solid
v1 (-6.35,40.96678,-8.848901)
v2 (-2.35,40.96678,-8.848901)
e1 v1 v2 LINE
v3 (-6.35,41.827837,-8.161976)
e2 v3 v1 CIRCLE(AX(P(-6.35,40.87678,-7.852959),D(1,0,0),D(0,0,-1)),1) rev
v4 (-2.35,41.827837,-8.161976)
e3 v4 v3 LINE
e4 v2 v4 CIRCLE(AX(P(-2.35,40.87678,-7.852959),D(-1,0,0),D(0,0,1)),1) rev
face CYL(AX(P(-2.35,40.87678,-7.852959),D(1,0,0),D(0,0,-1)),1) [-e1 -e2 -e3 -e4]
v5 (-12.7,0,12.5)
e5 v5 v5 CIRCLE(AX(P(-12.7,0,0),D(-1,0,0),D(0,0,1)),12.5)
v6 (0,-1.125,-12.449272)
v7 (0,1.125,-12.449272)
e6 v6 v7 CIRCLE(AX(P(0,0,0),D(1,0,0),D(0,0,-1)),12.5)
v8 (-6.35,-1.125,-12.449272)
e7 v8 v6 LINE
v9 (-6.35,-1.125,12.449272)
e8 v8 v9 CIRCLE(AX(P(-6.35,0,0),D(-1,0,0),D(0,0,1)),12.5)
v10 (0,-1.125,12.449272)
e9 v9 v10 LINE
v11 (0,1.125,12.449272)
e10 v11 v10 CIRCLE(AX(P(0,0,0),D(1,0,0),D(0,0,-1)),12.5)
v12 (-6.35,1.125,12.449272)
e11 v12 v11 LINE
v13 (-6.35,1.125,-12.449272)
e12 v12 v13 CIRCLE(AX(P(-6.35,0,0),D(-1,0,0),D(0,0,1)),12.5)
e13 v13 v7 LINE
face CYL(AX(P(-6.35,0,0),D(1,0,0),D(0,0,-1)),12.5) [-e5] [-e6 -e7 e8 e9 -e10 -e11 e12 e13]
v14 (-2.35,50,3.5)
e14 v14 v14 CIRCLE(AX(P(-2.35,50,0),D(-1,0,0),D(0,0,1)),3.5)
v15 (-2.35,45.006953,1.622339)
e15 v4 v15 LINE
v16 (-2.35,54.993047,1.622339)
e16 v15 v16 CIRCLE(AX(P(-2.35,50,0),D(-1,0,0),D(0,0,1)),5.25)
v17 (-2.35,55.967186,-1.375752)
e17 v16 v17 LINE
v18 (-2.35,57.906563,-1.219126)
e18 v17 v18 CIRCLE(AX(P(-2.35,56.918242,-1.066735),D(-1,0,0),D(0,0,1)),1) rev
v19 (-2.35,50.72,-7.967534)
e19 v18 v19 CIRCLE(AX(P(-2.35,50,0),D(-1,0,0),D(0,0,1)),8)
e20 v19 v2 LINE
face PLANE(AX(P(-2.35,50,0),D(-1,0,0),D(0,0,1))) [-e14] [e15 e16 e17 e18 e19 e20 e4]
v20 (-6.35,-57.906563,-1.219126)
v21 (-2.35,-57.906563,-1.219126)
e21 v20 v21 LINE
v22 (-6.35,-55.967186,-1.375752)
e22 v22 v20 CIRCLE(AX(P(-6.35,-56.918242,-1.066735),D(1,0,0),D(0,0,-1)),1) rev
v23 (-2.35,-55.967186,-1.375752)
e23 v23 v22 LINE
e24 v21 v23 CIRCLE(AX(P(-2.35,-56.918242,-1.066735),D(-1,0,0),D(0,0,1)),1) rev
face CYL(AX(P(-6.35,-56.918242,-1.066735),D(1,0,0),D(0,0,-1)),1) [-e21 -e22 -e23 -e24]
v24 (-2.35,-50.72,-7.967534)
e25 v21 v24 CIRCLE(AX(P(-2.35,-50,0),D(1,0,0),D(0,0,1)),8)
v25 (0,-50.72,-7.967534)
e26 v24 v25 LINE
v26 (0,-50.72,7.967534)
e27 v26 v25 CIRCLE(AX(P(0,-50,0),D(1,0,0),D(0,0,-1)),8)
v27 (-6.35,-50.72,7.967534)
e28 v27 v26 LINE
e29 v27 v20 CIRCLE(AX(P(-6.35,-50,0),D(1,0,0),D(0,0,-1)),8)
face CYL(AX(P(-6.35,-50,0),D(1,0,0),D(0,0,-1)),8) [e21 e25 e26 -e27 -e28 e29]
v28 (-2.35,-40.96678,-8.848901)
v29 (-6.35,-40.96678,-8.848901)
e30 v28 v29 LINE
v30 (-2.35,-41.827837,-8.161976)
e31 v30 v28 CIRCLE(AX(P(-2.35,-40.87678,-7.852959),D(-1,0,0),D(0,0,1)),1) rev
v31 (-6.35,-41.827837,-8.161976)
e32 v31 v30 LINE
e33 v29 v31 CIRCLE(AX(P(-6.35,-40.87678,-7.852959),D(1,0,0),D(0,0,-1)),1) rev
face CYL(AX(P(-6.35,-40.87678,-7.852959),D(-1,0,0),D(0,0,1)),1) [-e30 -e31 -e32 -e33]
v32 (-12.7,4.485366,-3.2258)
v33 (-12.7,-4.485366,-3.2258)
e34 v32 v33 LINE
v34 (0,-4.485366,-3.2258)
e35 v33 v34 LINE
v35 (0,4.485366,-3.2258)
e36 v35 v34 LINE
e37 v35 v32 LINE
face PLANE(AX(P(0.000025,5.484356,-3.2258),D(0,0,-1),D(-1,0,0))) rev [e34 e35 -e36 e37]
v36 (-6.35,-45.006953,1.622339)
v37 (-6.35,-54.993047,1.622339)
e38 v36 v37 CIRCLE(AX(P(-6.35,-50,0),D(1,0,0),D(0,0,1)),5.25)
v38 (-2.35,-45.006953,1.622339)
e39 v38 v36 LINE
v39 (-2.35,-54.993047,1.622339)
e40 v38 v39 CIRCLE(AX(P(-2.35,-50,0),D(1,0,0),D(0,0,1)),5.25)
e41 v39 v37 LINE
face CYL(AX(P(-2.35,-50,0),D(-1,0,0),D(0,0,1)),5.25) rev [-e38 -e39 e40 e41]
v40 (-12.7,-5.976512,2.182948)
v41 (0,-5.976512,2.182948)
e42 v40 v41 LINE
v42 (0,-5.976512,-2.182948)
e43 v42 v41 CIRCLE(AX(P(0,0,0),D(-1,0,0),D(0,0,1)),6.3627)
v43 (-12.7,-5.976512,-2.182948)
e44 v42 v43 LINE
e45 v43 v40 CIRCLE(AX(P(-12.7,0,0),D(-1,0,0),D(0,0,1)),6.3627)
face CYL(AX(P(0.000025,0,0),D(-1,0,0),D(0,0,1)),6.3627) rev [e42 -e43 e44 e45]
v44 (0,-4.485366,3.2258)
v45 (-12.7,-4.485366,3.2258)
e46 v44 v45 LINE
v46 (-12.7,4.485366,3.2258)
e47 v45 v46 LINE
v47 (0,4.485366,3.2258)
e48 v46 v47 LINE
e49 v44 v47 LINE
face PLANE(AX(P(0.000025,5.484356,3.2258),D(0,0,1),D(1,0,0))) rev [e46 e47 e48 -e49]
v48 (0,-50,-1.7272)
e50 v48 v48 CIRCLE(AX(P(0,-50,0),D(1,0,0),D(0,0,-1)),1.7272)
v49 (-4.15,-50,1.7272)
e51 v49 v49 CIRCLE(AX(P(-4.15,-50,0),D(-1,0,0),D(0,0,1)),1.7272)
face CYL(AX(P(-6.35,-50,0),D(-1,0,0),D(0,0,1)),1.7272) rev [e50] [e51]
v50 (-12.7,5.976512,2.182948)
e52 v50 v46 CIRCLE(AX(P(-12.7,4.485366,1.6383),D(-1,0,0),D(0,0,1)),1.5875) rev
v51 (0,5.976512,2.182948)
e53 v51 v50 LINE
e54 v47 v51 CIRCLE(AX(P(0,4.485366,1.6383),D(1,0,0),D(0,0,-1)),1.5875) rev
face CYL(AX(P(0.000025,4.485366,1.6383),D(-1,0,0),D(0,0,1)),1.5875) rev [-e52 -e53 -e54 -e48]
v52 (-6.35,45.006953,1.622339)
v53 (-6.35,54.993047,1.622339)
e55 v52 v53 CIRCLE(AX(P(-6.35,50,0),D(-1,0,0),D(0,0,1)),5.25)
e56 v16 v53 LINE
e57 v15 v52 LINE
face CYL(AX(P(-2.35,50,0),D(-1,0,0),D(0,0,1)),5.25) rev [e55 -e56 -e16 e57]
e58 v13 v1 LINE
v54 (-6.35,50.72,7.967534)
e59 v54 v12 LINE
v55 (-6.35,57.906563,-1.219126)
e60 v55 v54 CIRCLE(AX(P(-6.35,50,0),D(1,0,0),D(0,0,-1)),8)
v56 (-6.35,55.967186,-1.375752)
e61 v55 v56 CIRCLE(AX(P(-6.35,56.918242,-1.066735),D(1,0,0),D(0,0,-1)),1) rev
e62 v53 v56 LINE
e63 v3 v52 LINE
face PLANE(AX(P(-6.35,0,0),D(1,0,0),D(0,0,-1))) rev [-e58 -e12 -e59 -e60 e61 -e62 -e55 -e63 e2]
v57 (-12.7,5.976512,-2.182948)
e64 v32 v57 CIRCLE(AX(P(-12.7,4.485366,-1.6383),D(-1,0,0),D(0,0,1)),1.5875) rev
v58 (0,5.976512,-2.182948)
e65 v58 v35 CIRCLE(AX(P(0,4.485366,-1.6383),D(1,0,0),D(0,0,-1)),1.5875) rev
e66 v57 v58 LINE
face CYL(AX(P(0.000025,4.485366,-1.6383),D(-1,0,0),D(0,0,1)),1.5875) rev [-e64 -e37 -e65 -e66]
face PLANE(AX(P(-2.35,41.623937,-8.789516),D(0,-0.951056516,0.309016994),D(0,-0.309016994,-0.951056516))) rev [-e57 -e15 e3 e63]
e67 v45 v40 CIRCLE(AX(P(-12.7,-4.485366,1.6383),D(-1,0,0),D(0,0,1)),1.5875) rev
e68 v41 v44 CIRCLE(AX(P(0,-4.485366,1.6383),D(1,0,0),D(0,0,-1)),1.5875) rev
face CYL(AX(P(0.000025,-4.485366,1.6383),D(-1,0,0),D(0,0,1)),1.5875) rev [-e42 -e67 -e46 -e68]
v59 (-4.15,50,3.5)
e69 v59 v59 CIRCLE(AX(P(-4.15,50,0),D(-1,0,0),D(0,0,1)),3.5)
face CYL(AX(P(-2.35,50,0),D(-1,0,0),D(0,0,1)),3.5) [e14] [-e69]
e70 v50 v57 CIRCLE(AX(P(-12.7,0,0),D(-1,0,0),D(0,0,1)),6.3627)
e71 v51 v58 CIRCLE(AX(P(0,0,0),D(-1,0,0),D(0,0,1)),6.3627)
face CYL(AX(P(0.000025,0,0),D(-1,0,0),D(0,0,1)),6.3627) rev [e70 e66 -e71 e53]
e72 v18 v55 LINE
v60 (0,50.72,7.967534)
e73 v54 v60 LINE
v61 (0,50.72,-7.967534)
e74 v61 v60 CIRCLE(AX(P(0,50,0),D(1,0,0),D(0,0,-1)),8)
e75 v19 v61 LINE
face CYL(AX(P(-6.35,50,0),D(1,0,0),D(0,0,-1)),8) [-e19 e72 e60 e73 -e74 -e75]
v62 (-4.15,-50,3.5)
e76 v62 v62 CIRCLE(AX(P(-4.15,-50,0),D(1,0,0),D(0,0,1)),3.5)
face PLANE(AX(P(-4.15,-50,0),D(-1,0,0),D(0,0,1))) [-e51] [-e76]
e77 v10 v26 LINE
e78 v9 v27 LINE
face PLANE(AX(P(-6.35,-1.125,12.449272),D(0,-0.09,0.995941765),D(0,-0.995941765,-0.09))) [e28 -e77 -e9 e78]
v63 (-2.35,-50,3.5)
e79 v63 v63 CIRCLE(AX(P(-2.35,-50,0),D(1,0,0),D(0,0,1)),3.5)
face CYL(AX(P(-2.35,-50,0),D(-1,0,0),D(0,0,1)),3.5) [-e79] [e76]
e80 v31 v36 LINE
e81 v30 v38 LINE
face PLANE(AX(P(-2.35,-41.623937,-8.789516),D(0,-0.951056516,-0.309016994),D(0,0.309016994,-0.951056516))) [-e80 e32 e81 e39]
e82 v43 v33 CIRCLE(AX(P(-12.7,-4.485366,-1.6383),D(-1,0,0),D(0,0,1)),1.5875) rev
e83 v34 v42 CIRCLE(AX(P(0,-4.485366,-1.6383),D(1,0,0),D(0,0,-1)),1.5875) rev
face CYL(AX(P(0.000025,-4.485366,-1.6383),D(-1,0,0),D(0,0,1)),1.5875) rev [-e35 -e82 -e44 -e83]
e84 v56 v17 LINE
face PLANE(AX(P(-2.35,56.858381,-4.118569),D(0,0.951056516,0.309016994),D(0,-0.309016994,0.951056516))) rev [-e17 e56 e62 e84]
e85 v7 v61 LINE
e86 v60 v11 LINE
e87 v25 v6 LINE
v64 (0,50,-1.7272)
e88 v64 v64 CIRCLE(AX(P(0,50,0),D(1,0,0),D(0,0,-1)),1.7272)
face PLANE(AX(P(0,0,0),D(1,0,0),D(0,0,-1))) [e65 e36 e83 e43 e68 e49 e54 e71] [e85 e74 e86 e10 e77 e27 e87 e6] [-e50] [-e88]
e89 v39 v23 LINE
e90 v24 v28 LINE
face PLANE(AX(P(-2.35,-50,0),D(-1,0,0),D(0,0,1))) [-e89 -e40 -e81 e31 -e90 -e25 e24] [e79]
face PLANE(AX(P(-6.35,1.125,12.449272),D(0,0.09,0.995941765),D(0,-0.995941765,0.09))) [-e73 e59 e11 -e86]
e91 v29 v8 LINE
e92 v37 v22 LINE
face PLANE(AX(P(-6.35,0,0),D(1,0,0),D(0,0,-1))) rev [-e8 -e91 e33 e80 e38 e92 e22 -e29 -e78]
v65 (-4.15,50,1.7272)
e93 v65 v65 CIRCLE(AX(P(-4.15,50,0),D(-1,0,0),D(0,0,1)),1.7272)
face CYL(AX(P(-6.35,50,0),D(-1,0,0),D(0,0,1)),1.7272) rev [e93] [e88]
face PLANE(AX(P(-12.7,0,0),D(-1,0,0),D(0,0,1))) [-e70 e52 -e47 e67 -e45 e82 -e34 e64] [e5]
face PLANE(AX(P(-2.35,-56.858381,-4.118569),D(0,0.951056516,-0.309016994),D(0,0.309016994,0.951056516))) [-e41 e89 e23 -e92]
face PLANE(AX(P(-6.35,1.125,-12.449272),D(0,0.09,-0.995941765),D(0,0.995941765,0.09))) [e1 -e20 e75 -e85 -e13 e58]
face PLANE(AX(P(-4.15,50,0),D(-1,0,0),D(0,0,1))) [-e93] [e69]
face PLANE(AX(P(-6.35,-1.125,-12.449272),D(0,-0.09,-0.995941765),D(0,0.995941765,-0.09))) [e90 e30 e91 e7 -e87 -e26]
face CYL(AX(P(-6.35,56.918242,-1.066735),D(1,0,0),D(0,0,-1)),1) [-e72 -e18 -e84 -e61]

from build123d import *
from build123d.topology import SkipClean

# Parameters (mm, degrees)
BOSS_EXTRUDE1_DEPTH = 6.35
SKETCH3_R           = 3.5
CUT_EXTRUDE1_DEPTH  = 4
FILLET1_R           = 1
SKETCH4_R           = 12.5
BOSS_EXTRUDE2_DEPTH = 6.35
CUT_EXTRUDE2_DEPTH  = 13.7
FILLET2_R           = 1
FILLET3_R           = 1.5875
SKETCH9_R           = 3.5
CUT_EXTRUDE3_DEPTH  = 2.2


with BuildPart() as part:
    # Sketch2 → Boss-Extrude1 (new body)
    with BuildSketch(Plane(origin=(0, 0, 0), x_dir=(0, 0, -1), z_dir=(1, 0, 0))):
        with BuildLine():
            Line((-12.449272067, -1.125), (-7.967534123, -50.72))
            ThreePointArc((-7.967534123, -50.72), (0, -58), (7.967534123, -50.72))
            Line((7.967534123, -50.72), (12.449272067, -1.125))
            ThreePointArc((12.449272067, -1.125), (12.5, 0), (12.449272067, 1.125))
            Line((12.449272067, 1.125), (7.967534123, 50.72))
            ThreePointArc((7.967534123, 50.72), (0, 58), (-7.967534123, 50.72))
            Line((-7.967534123, 50.72), (-12.449272067, 1.125))
            ThreePointArc((-12.449272067, 1.125), (-12.5, 0), (-12.449272067, -1.125))
        make_face()
    extrude(amount=-BOSS_EXTRUDE1_DEPTH)

    # Sketch3 → Cut-Extrude1 (cut)
    with BuildSketch(Plane.ZY.offset(6.35)):
        with BuildLine():
            Line((-4.118569102, 56.858380899), (1.62233922, 54.993046711))
            ThreePointArc((1.62233922, 54.993046711), (5.25, 50), (1.62233922, 45.006953289))
            Line((1.62233922, 45.006953289), (-8.789515625, 41.623936576))
            Line((-8.789515625, 41.623936576), (-7.967534123, 50.72))
            ThreePointArc((-7.967534123, 50.72), (-6.777787456, 54.249893786), (-4.118569102, 56.858380899))
        make_face()
        with Locations((0, 50)):
            Circle(SKETCH3_R, mode=Mode.SUBTRACT)
    cut_extrude1 = extrude(amount=-CUT_EXTRUDE1_DEPTH, mode=Mode.SUBTRACT)

    # Fillet1
    fillet1_edges = [part.edges().sort_by_distance(p)[0] for p in [
        (-4.35, 56.858380899, -4.118569102),
        (-4.35, 41.623936576, -8.789515625),
    ]]
    fillet(fillet1_edges, radius=FILLET1_R)

    # Mirror1: Cut-Extrude1 across plane
    add(cut_extrude1.mirror(Plane.ZX), mode=Mode.SUBTRACT)

    # Sketch4 → Boss-Extrude2 (add)
    with SkipClean():  # keep this step's faces unmerged: merging them makes the solid invalid here
        with BuildSketch(Plane.ZY.offset(6.35)):
            with Locations(Location((0, 0, 0), (0, 0, 174.836392909))):  # turned: the seam where the file's is
                Circle(SKETCH4_R)
        extrude(amount=BOSS_EXTRUDE2_DEPTH)

    # Sketch5 → Cut-Extrude2 (cut, through all)
    with SkipClean():  # keep this step's faces unmerged: merging them makes the solid invalid here
        with BuildSketch(Plane.ZY.offset(12.7)):
            with BuildLine():
                Line((-3.2258, 5.484356448), (-3.2258, -5.484356448))
                ThreePointArc((-3.2258, -5.484356448), (0, -6.3627), (3.2258, -5.484356448))
                Line((3.2258, -5.484356448), (3.2258, 5.484356448))
                ThreePointArc((3.2258, 5.484356448), (0, 6.3627), (-3.2258, 5.484356448))
            make_face()
        extrude(amount=-CUT_EXTRUDE2_DEPTH, mode=Mode.SUBTRACT)

    # Fillet2
    fillet2_edges = [part.edges().sort_by_distance(p)[0] for p in [
        (-4.35, -56.858380899, -4.118569102),
        (-4.35, -41.623936576, -8.789515625),
    ]]
    fillet(fillet2_edges, radius=FILLET2_R)

    # Fillet3
    fillet3_edges = [part.edges().sort_by_distance(p)[0] for p in [
        (-6.35, 5.484356448, -3.2258),
        (-6.35, 5.484356448, 3.2258),
        (-6.35, -5.484356448, 3.2258),
        (-6.35, -5.484356448, -3.2258),
    ]]
    fillet(fillet3_edges, radius=FILLET3_R)

    # Sketch9 → Cut-Extrude3 (cut)
    with SkipClean():  # keep this step's faces unmerged: merging them makes the solid invalid here
        with BuildSketch(Plane.ZY.offset(6.35)):
            with Locations((0, 50)):
                Circle(SKETCH9_R)
        cut_extrude3 = extrude(amount=-CUT_EXTRUDE3_DEPTH, mode=Mode.SUBTRACT)

    # Sketch7 → #8-32 Tapped Hole1 (revolve, cut)
    with SkipClean():  # keep this step's faces unmerged: merging them makes the solid invalid here
        with BuildSketch(Plane(origin=(-6.35, 50, 0), x_dir=(0, 0, 1), z_dir=(0, 1, 0))):
            Polygon((0, 0), (0, 13.327806461), (1.7272, 12.29), (1.7272, 0), align=None)
        f_8_32_tapped_hole1 = revolve(axis=Axis((-12.7, 50, 0), (1, 0, 0)), mode=Mode.SUBTRACT)

    # Mirror2: Cut-Extrude3, #8-32 Tapped Hole1 across plane
    with SkipClean():  # keep this step's faces unmerged: merging them makes the solid invalid here
        add(cut_extrude3.mirror(Plane.ZX), mode=Mode.SUBTRACT)
        add(f_8_32_tapped_hole1.mirror(Plane.ZX), mode=Mode.SUBTRACT)


solid = part.part
